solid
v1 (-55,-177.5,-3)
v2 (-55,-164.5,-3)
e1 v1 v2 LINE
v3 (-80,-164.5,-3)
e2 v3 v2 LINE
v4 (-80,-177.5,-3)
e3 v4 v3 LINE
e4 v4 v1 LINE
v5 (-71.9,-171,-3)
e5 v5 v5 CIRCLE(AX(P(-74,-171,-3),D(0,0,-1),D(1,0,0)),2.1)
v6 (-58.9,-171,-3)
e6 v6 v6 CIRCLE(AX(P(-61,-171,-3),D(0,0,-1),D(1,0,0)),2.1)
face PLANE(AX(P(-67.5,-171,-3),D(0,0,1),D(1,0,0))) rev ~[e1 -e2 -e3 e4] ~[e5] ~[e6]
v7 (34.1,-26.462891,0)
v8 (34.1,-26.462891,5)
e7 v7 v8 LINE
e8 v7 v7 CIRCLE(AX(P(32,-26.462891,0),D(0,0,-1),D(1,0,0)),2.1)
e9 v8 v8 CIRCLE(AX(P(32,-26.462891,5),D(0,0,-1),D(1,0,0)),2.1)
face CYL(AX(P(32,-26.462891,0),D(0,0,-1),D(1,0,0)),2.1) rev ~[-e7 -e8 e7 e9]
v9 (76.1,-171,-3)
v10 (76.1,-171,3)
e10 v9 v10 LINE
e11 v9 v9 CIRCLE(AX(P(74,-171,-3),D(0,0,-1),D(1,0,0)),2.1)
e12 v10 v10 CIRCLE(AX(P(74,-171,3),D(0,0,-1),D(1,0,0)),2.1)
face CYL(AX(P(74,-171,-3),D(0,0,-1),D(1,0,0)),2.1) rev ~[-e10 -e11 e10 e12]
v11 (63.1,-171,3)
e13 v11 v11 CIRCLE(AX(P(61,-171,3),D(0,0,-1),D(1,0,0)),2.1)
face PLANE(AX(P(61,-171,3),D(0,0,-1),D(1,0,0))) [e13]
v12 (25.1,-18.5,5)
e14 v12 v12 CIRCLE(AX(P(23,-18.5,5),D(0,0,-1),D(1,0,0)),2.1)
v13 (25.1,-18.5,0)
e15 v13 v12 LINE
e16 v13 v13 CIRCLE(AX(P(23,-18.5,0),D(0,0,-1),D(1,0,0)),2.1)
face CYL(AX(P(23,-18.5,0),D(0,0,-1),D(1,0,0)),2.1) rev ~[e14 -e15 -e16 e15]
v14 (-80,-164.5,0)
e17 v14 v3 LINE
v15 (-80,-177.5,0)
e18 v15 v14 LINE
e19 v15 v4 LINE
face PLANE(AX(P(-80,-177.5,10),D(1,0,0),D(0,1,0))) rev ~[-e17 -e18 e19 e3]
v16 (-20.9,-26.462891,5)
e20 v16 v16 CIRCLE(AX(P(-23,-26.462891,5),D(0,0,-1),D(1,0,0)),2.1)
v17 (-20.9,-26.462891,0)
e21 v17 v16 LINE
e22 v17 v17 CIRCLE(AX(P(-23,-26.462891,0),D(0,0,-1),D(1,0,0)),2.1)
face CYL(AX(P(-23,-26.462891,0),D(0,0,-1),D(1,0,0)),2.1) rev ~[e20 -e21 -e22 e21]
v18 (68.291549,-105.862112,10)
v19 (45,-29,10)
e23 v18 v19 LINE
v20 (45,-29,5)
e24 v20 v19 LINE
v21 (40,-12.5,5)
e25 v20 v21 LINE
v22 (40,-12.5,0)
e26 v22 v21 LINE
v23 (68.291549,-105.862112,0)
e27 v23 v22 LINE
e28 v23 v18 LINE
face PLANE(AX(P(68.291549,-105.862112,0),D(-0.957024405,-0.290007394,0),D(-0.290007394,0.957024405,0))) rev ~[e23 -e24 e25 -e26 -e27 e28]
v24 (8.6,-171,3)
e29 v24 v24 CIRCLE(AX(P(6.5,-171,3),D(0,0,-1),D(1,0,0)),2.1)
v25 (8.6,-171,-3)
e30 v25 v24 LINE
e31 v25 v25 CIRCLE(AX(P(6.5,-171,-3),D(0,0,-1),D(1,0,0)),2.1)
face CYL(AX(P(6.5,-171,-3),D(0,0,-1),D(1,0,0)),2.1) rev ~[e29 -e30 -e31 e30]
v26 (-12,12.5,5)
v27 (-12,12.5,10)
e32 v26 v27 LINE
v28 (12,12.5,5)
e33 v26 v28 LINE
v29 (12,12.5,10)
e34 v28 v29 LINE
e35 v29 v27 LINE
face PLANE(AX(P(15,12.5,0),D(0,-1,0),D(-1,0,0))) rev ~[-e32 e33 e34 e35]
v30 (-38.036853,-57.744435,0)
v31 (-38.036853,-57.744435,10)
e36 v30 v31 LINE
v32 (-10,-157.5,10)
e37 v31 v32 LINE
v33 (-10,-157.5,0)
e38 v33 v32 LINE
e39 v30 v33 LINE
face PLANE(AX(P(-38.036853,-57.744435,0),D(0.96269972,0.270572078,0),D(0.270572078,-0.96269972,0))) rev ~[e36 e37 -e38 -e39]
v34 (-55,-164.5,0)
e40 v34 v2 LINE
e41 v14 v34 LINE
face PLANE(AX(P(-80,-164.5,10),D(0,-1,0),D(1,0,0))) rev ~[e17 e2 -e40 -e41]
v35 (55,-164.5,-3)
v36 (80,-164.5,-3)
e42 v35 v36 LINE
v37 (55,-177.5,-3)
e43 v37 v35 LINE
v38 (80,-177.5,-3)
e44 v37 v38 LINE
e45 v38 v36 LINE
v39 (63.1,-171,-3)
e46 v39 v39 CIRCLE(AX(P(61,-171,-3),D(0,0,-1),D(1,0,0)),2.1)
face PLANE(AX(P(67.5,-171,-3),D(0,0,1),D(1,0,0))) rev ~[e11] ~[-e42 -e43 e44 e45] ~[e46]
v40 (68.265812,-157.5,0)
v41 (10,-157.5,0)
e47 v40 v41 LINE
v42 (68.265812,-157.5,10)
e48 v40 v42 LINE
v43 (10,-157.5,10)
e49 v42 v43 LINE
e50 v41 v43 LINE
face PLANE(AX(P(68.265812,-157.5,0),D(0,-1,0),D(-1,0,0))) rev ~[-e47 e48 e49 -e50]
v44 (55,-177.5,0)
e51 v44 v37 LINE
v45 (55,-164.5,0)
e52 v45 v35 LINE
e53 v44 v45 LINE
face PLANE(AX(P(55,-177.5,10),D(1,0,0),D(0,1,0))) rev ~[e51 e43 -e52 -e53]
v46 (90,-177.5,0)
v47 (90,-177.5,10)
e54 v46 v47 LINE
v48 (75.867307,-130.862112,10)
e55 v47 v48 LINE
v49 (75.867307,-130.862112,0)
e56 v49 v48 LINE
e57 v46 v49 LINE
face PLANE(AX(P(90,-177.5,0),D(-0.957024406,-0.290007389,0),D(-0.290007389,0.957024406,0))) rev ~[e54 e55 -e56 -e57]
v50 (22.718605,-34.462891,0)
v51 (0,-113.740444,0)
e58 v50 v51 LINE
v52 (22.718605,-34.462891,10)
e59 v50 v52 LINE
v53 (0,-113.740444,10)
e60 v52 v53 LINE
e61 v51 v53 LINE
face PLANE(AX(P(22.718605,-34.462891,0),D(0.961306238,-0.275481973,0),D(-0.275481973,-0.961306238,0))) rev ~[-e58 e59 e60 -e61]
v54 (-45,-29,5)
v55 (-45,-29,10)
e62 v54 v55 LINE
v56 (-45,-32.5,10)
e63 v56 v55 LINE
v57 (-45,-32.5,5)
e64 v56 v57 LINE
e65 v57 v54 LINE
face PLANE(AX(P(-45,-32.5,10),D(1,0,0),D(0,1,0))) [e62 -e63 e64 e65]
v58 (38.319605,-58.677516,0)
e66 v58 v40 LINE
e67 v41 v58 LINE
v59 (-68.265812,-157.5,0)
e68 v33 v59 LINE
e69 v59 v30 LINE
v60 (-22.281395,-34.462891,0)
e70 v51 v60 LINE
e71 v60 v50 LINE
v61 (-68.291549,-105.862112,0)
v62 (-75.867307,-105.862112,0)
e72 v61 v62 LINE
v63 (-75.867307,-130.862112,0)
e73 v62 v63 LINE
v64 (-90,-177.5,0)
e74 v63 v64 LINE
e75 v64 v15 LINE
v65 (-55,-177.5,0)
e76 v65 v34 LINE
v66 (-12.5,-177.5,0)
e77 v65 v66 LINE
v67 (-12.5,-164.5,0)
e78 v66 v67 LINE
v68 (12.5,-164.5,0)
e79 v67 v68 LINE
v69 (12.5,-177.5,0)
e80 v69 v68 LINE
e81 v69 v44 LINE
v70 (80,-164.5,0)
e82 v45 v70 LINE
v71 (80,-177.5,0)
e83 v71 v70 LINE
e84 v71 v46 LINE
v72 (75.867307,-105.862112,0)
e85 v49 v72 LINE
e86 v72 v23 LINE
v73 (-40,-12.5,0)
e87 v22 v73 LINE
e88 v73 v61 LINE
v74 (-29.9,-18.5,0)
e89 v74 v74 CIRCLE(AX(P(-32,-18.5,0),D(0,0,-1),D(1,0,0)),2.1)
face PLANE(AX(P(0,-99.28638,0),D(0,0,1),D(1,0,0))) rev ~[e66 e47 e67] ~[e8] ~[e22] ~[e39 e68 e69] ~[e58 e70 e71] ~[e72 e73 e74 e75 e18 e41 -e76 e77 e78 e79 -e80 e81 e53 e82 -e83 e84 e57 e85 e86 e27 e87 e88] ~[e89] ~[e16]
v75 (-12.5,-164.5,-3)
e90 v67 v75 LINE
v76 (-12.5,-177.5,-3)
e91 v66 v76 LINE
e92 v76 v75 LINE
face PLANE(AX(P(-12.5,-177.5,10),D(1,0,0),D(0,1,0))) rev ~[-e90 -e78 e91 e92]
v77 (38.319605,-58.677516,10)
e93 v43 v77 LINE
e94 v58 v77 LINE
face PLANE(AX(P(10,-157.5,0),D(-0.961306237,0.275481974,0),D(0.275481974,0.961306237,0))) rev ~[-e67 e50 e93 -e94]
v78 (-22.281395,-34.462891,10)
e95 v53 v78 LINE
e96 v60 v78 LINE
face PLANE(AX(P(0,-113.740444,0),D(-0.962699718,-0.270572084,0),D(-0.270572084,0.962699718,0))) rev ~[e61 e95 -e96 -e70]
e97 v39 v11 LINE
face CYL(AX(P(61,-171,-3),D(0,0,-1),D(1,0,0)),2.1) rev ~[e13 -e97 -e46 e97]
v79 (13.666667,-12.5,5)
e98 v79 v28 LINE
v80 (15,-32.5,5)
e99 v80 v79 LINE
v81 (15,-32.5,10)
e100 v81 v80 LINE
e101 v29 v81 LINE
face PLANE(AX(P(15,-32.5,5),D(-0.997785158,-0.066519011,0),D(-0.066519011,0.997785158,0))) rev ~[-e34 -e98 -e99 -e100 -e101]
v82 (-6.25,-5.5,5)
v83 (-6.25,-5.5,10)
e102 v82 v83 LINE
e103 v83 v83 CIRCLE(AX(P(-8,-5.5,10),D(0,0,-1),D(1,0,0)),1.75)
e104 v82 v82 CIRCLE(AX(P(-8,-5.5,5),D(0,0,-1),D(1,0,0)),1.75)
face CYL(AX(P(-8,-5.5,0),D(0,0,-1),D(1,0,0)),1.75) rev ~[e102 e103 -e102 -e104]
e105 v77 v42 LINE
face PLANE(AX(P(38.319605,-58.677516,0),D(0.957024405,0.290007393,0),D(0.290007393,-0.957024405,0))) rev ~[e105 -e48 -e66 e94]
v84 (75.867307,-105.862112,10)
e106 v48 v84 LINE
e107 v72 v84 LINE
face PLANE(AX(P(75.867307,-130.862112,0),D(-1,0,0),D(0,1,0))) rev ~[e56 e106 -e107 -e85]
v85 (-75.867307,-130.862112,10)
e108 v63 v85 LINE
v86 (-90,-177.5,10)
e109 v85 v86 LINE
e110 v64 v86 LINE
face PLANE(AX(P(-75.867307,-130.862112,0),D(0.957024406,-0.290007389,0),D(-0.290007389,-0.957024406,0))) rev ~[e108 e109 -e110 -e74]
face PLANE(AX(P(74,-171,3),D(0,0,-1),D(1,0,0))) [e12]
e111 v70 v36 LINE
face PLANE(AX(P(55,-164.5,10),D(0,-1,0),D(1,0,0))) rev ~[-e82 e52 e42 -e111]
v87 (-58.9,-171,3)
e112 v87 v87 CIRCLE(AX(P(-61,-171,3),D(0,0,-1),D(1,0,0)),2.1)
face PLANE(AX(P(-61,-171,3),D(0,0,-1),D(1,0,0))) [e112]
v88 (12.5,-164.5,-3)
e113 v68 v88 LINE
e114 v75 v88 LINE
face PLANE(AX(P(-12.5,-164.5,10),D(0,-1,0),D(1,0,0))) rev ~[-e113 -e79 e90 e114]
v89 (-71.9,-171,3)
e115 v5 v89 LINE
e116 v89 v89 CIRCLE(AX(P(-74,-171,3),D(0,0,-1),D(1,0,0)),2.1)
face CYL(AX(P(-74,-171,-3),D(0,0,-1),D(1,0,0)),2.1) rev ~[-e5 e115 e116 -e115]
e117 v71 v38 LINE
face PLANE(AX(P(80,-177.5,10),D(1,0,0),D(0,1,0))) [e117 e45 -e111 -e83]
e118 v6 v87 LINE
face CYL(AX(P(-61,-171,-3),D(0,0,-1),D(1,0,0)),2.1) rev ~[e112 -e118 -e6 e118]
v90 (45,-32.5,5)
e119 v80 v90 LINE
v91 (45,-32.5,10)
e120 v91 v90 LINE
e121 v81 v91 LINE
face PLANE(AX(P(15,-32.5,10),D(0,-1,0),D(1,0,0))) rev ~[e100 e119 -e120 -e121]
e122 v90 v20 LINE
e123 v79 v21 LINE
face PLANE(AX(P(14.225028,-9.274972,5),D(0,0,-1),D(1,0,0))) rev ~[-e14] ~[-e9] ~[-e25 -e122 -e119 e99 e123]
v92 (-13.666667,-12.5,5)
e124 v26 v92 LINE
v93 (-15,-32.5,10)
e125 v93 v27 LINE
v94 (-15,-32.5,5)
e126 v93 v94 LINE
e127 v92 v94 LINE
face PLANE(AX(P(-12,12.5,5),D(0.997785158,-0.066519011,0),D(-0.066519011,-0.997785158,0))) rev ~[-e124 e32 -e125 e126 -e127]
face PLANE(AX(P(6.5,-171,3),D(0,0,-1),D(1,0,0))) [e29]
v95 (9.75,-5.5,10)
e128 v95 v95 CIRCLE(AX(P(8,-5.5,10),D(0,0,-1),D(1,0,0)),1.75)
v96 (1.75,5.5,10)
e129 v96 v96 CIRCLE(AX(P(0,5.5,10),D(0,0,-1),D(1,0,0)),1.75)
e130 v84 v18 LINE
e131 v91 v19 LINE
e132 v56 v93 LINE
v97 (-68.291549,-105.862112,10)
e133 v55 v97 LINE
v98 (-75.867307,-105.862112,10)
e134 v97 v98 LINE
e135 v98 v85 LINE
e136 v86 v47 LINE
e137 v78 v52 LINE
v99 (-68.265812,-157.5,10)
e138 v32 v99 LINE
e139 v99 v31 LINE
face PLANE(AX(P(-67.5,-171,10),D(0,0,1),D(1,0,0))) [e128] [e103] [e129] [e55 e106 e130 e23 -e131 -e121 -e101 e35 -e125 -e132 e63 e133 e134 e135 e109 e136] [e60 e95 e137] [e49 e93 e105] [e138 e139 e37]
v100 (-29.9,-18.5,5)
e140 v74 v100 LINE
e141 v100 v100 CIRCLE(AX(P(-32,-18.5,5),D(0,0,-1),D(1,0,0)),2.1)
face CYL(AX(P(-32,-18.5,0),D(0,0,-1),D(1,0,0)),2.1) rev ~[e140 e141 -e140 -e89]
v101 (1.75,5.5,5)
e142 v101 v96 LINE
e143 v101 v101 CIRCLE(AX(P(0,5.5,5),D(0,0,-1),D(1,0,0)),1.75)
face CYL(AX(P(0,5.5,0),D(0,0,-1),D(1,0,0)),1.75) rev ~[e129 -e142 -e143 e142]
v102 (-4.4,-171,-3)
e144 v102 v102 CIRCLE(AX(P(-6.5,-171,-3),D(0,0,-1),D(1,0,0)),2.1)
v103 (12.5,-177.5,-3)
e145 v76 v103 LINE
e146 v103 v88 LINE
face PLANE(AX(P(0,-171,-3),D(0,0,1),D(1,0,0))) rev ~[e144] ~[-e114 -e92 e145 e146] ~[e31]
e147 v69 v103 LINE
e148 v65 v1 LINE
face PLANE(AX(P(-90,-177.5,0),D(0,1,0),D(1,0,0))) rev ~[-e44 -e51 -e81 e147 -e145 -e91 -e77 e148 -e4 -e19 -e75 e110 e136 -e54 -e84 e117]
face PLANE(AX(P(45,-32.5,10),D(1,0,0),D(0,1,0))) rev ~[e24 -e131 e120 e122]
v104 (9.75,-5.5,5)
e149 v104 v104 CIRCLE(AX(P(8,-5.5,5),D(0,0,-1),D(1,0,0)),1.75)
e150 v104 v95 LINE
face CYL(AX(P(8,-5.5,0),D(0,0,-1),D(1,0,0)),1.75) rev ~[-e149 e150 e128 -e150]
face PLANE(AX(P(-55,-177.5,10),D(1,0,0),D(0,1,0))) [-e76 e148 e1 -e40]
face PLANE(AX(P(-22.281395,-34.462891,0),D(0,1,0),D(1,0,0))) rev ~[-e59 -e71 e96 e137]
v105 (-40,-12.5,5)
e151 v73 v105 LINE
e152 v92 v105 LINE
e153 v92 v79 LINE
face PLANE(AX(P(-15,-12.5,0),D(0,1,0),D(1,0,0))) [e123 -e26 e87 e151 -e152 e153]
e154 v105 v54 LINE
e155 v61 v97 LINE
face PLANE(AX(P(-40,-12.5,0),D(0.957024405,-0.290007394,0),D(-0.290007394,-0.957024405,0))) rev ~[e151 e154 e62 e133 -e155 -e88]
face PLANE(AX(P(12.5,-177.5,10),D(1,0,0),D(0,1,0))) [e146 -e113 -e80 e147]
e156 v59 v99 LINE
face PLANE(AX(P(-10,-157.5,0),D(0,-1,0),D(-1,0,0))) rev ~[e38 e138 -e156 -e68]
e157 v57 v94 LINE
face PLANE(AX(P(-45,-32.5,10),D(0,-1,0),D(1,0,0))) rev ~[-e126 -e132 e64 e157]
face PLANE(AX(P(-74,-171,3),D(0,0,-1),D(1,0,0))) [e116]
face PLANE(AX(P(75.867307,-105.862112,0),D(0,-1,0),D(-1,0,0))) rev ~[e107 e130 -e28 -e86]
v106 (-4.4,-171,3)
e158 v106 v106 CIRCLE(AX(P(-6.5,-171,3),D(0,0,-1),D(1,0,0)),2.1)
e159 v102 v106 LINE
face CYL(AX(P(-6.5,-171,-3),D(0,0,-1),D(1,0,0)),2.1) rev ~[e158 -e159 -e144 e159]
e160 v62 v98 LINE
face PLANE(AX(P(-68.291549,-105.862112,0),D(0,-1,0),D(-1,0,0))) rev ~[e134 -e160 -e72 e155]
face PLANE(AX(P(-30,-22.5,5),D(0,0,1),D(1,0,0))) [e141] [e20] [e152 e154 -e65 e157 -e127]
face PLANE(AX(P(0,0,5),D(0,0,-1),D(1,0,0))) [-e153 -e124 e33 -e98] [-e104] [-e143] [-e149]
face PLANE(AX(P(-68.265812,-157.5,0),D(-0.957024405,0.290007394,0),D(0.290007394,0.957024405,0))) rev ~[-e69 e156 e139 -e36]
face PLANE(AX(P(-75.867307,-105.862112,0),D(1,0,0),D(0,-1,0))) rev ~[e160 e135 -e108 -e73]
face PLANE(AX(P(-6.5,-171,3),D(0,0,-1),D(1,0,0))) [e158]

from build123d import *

# Parameters (mm, degrees)
F1_DEPTH  = 10
F2_W      = 30
F2_H      = 25
F3_DEPTH  = 5
F4_W      = 30
F4_H      = 20
F5_DEPTH  = 5
F6_W      = 25
F6_H      = 13
F7_DEPTH  = 13
F8_R      = 2.1
F9_DEPTH  = 6
F11_DEPTH = 25
F12_R     = 1.75
F12_R_2   = 2.1
F13_DEPTH = 25


with BuildPart() as f1:
    # F0 (on Top) → F1 (new body)
    with BuildSketch(Plane.XY):
        Polygon((15, 12.5), (-15, 12.5), (-15, -12.5), (-40, -12.5), (-68.291549, -105.862112), (-75.867307, -105.862112), (-75.867307, -130.862112), (-90, -177.5), (90, -177.5), (75.867307, -130.862112), (75.867307, -105.862112), (68.291549, -105.862112), (40, -12.5), (15, -12.5), align=None)
        Polygon((-10, -157.5), (-68.265812, -157.5), (-38.036853, -57.744435), align=None, mode=Mode.SUBTRACT)
        Polygon((68.265812, -157.5), (10, -157.5), (38.319605, -58.677516), align=None, mode=Mode.SUBTRACT)
        Polygon((0, -113.740444), (-22.281395, -34.462891), (22.718605, -34.462891), align=None, mode=Mode.SUBTRACT)
    extrude(amount=F1_DEPTH)

    # F2 (on face) → F3 (cut)
    with BuildSketch(Plane(origin=(0, 0, 0), x_dir=(1, 0, 0), z_dir=(0, 0, -1))):
        Rectangle(F2_W, F2_H)
    extrude(amount=-F3_DEPTH, mode=Mode.SUBTRACT)

    # F4 (on face) → F5 (cut)
    with BuildSketch(Plane.XY.offset(10)):
        with Locations((-30, -22.5)):
            Rectangle(F4_W, F4_H)
        with Locations((30, -22.5)):
            Rectangle(F4_W, F4_H)
    extrude(amount=-F5_DEPTH, mode=Mode.SUBTRACT)

    # F6 (on face) → F7 (join)
    with BuildSketch(Plane.XY.offset(10)):
        with Locations((-67.5, -171)):
            Rectangle(F6_W, F6_H)
        with Locations((0, -171)):
            Rectangle(F6_W, F6_H)
        with Locations((67.5, -171)):
            Rectangle(F6_W, F6_H)
    extrude(amount=-F7_DEPTH)

    # F8 (on face) → F9 (cut)
    with BuildSketch(Plane(origin=(0, 0, -3), x_dir=(1, 0, 0), z_dir=(0, 0, -1))):
        with Locations((-74, 171)):
            Circle(F8_R)
        with Locations((-61, 171)):
            Circle(F8_R)
        with Locations((-6.5, 171)):
            Circle(F8_R)
        with Locations((6.5, 171)):
            Circle(F8_R)
        with Locations((61, 171)):
            Circle(F8_R)
        with Locations((74, 171)):
            Circle(F8_R)
    extrude(amount=-F9_DEPTH, mode=Mode.SUBTRACT)

    # F10 (on face) → F11 (cut)
    with BuildSketch(Plane(origin=(0, 0, 5), x_dir=(1, 0, 0), z_dir=(0, 0, -1))):
        Polygon((-15, 32.5), (-15, -12.5), (-12, -12.5), align=None)
        Polygon((12, -12.5), (15, -12.5), (15, 32.5), align=None)
    extrude(amount=-F11_DEPTH, mode=Mode.SUBTRACT)

    # F12 (on face) → F13 (cut)
    with BuildSketch(Plane(origin=(0, 0, 0), x_dir=(1, 0, 0), z_dir=(0, 0, -1))):
        with Locations((0, -5.5)):
            Circle(F12_R)
        with Locations((-8, 5.5)):
            Circle(F12_R)
        with Locations((8, 5.5)):
            Circle(F12_R)
        with Locations((32, 26.462891)):
            Circle(F12_R_2)
        with Locations((23, 18.5)):
            Circle(F12_R_2)
        with Locations((-23, 26.462891)):
            Circle(F12_R_2)
        with Locations((-32, 18.5)):
            Circle(F12_R_2)
    extrude(amount=-F13_DEPTH, mode=Mode.SUBTRACT)


solid = f1.part
